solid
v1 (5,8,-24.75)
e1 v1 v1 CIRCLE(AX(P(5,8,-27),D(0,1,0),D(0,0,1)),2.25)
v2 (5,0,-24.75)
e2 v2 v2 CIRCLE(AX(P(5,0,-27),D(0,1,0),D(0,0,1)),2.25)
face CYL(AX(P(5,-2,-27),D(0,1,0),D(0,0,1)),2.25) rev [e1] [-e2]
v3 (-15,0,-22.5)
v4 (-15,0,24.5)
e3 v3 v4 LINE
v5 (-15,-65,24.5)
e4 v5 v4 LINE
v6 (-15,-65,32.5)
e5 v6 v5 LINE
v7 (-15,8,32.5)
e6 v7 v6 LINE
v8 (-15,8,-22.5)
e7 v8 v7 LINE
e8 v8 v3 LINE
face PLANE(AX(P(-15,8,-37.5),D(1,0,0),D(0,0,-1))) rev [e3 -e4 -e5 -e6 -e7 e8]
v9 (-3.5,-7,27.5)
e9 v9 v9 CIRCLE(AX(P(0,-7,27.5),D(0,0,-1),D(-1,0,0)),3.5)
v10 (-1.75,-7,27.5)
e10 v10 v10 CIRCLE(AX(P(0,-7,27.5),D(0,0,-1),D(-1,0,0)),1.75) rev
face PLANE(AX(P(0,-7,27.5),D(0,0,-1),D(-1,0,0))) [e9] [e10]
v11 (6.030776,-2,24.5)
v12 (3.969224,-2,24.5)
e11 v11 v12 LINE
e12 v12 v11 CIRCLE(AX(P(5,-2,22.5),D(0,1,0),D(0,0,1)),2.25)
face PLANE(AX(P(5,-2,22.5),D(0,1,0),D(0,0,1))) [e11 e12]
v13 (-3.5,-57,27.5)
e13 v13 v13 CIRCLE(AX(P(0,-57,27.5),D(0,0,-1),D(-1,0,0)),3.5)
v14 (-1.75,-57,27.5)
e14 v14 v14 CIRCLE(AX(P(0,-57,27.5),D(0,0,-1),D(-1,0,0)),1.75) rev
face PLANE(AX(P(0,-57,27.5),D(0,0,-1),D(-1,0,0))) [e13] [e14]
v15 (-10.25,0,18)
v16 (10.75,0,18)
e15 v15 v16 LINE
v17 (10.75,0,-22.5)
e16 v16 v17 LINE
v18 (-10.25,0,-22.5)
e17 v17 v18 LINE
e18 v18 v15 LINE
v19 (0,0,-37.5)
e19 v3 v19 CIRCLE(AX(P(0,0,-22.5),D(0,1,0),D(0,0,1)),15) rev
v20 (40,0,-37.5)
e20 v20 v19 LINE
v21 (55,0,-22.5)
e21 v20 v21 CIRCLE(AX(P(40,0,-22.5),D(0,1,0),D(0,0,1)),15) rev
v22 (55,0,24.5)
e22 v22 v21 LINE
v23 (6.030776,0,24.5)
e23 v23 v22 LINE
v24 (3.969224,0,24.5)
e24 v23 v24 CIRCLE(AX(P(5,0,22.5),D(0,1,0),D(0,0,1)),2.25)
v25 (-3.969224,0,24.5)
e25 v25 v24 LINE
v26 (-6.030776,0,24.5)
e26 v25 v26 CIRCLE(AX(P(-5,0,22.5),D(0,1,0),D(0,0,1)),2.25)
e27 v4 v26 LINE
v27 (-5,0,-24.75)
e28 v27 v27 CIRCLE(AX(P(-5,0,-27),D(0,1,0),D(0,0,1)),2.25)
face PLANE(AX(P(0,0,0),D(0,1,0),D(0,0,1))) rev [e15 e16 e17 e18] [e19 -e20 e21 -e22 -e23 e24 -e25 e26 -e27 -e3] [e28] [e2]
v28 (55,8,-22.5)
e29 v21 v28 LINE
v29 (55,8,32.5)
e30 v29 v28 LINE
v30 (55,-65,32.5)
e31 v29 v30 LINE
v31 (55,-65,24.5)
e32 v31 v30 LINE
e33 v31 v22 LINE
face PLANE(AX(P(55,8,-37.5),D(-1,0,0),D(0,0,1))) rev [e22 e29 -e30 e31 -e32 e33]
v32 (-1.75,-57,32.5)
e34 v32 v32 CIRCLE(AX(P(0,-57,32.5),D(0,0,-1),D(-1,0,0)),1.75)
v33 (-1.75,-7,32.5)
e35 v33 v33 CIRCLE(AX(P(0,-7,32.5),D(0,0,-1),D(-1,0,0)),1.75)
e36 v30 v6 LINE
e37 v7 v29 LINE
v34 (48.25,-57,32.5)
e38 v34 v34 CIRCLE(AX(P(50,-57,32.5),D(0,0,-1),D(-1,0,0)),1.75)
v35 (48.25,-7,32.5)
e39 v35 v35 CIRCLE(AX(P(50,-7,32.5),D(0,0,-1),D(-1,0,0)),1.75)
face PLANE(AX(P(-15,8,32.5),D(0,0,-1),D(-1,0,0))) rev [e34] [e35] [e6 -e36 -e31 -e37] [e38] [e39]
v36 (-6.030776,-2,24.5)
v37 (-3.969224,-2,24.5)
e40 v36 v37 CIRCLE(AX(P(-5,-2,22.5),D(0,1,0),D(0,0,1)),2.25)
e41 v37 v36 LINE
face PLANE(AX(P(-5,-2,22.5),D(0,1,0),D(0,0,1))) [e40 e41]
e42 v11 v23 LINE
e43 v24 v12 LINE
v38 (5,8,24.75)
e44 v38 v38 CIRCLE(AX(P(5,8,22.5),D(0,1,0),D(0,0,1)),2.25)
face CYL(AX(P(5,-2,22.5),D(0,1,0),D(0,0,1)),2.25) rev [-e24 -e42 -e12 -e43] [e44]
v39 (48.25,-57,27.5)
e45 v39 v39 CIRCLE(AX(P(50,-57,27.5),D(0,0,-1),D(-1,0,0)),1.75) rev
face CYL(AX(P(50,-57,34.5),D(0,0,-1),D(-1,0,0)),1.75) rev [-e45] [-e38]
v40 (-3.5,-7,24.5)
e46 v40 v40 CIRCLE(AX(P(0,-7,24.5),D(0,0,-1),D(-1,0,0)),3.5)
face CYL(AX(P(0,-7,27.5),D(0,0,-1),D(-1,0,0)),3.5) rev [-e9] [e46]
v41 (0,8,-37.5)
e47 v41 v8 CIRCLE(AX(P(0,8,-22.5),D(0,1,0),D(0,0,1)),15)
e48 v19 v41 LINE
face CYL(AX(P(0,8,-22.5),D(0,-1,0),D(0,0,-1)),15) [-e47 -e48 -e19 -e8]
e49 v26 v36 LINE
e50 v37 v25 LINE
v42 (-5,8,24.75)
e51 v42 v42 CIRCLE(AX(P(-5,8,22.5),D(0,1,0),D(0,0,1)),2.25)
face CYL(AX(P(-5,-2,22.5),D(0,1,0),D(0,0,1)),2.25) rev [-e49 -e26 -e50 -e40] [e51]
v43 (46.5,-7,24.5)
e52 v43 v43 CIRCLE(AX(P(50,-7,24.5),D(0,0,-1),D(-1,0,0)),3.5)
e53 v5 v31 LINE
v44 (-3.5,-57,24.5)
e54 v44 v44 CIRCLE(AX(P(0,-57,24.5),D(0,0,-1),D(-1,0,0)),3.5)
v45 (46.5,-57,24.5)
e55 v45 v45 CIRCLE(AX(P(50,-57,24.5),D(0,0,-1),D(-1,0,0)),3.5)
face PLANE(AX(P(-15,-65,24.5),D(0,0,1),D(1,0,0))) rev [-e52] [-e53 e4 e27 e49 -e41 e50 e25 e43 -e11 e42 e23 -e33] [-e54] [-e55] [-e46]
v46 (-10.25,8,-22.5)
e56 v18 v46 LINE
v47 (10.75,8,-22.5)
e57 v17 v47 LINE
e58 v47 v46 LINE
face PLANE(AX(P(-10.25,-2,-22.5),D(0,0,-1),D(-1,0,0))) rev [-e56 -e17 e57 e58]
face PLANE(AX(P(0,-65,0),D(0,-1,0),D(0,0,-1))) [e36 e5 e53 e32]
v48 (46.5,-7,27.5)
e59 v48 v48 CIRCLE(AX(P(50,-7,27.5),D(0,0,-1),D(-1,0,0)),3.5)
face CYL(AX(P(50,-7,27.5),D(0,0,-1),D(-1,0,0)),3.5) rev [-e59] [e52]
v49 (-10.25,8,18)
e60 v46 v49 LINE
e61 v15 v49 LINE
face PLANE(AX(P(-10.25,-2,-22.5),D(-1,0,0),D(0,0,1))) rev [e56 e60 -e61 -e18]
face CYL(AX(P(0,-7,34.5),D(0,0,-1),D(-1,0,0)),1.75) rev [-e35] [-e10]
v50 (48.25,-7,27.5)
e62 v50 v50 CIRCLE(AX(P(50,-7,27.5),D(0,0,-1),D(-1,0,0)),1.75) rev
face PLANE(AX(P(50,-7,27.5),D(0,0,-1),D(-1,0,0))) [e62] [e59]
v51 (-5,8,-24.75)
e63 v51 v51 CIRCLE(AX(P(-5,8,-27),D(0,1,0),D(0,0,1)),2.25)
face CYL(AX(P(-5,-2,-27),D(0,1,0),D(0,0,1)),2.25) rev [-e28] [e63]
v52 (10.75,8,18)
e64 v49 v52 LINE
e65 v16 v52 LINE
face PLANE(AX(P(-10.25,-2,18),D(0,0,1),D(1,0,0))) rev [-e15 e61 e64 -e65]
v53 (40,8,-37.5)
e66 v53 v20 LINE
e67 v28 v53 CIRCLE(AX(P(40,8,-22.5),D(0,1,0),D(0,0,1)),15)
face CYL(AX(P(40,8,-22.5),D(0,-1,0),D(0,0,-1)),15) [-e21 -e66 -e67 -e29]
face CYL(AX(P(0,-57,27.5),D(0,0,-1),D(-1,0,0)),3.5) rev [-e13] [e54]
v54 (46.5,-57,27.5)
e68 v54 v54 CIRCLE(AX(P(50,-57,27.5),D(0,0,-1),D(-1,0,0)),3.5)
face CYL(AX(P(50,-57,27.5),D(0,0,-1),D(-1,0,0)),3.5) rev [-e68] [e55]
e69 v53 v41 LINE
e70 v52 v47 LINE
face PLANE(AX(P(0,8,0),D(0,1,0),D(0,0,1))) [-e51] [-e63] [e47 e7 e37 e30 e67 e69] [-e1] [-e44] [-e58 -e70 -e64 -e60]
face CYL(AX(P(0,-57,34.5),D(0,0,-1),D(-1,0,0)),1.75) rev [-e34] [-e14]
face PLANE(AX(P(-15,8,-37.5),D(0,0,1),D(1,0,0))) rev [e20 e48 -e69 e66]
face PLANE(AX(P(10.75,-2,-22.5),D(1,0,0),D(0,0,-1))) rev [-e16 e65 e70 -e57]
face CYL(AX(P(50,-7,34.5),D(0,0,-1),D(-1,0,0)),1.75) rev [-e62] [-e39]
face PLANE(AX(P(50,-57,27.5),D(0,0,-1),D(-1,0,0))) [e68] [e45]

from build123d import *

# Parameters (mm, degrees)
SKETCH2_W           = 70
SKETCH2_H           = 70
BOSS_EXTRUDE1_DEPTH = 8
SKETCH4_W           = 70
SKETCH4_H           = 8
BOSS_EXTRUDE2_DEPTH = 65
SKETCH6_R           = 1.75
CUT_EXTRUDE1_DEPTH  = 10
SKETCH7_R           = 3.5
CUT_EXTRUDE2_DEPTH  = 3
SKETCH9_W           = 21
SKETCH9_H           = 40.5
CUT_EXTRUDE3_DEPTH  = 10
SKETCH10_R          = 2.25
CUT_EXTRUDE4_DEPTH  = 10
FILLET1_R           = 15
FILLET2_R           = 15


with BuildPart() as part:
    # Sketch2 → Boss-Extrude1 (new body)
    with BuildSketch(Plane(origin=(0, 0, 0), x_dir=(1, 0, 0), z_dir=(0, 1, 0))):
        with Locations((20, 2.5)):
            Rectangle(SKETCH2_W, SKETCH2_H)
    extrude(amount=BOSS_EXTRUDE1_DEPTH)

    # Sketch4 → Boss-Extrude2 (add)
    with BuildSketch(Plane(origin=(0, 0, 0), x_dir=(-1, 0, 0), z_dir=(0, -1, 0))):
        with Locations((-20, -28.5)):
            Rectangle(SKETCH4_W, SKETCH4_H)
    extrude(amount=BOSS_EXTRUDE2_DEPTH)

    # Sketch6 → Cut-Extrude1 (cut)
    with BuildSketch(Plane(origin=(0, 0, 24.5), x_dir=(-1, 0, 0), z_dir=(0, 0, -1))):
        with Locations((-50, -7)):
            Circle(SKETCH6_R)
        with Locations((0, -7)):
            Circle(SKETCH6_R)
        with Locations((-50, -57)):
            Circle(SKETCH6_R)
        with Locations((0, -57)):
            Circle(SKETCH6_R)
    extrude(amount=-CUT_EXTRUDE1_DEPTH, mode=Mode.SUBTRACT)

    # Sketch7 → Cut-Extrude2 (cut)
    with BuildSketch(Plane(origin=(0, 0, 24.5), x_dir=(-1, 0, 0), z_dir=(0, 0, -1))):
        with Locations((-50, -7)):
            Circle(SKETCH7_R)
        with Locations((0, -7)):
            Circle(SKETCH7_R)
        with Locations((0, -57)):
            Circle(SKETCH7_R)
        with Locations((-50, -57)):
            Circle(SKETCH7_R)
    extrude(amount=-CUT_EXTRUDE2_DEPTH, mode=Mode.SUBTRACT)

    # Sketch9 → Cut-Extrude3 (cut)
    with BuildSketch(Plane(origin=(0, 8, 0), x_dir=(1, 0, 0), z_dir=(0, 1, 0))):
        with Locations((0.25, 2.25)):
            Rectangle(SKETCH9_W, SKETCH9_H)
    extrude(amount=-CUT_EXTRUDE3_DEPTH, mode=Mode.SUBTRACT)

    # Sketch10 → Cut-Extrude4 (cut)
    with BuildSketch(Plane(origin=(0, 8, 0), x_dir=(1, 0, 0), z_dir=(0, 1, 0))):
        with Locations(Location((-5, 27, 0), (0, 0, 270))):
            Circle(SKETCH10_R)
        with Locations(Location((5, 27, 0), (0, 0, 270))):
            Circle(SKETCH10_R)
        with Locations(Location((-5, -22.5, 0), (0, 0, 270))):
            Circle(SKETCH10_R)
        with Locations(Location((5, -22.5, 0), (0, 0, 270))):
            Circle(SKETCH10_R)
    extrude(amount=-CUT_EXTRUDE4_DEPTH, mode=Mode.SUBTRACT)

    # Fillet1
    fillet1_edges = [part.edges().sort_by_distance(p)[0] for p in [
        (55, 4, -37.5),
    ]]
    fillet(fillet1_edges, radius=FILLET1_R)

    # Fillet2
    fillet2_edges = [part.edges().sort_by_distance(p)[0] for p in [
        (-15, 4, -37.5),
    ]]
    fillet(fillet2_edges, radius=FILLET2_R)


solid = part.part
